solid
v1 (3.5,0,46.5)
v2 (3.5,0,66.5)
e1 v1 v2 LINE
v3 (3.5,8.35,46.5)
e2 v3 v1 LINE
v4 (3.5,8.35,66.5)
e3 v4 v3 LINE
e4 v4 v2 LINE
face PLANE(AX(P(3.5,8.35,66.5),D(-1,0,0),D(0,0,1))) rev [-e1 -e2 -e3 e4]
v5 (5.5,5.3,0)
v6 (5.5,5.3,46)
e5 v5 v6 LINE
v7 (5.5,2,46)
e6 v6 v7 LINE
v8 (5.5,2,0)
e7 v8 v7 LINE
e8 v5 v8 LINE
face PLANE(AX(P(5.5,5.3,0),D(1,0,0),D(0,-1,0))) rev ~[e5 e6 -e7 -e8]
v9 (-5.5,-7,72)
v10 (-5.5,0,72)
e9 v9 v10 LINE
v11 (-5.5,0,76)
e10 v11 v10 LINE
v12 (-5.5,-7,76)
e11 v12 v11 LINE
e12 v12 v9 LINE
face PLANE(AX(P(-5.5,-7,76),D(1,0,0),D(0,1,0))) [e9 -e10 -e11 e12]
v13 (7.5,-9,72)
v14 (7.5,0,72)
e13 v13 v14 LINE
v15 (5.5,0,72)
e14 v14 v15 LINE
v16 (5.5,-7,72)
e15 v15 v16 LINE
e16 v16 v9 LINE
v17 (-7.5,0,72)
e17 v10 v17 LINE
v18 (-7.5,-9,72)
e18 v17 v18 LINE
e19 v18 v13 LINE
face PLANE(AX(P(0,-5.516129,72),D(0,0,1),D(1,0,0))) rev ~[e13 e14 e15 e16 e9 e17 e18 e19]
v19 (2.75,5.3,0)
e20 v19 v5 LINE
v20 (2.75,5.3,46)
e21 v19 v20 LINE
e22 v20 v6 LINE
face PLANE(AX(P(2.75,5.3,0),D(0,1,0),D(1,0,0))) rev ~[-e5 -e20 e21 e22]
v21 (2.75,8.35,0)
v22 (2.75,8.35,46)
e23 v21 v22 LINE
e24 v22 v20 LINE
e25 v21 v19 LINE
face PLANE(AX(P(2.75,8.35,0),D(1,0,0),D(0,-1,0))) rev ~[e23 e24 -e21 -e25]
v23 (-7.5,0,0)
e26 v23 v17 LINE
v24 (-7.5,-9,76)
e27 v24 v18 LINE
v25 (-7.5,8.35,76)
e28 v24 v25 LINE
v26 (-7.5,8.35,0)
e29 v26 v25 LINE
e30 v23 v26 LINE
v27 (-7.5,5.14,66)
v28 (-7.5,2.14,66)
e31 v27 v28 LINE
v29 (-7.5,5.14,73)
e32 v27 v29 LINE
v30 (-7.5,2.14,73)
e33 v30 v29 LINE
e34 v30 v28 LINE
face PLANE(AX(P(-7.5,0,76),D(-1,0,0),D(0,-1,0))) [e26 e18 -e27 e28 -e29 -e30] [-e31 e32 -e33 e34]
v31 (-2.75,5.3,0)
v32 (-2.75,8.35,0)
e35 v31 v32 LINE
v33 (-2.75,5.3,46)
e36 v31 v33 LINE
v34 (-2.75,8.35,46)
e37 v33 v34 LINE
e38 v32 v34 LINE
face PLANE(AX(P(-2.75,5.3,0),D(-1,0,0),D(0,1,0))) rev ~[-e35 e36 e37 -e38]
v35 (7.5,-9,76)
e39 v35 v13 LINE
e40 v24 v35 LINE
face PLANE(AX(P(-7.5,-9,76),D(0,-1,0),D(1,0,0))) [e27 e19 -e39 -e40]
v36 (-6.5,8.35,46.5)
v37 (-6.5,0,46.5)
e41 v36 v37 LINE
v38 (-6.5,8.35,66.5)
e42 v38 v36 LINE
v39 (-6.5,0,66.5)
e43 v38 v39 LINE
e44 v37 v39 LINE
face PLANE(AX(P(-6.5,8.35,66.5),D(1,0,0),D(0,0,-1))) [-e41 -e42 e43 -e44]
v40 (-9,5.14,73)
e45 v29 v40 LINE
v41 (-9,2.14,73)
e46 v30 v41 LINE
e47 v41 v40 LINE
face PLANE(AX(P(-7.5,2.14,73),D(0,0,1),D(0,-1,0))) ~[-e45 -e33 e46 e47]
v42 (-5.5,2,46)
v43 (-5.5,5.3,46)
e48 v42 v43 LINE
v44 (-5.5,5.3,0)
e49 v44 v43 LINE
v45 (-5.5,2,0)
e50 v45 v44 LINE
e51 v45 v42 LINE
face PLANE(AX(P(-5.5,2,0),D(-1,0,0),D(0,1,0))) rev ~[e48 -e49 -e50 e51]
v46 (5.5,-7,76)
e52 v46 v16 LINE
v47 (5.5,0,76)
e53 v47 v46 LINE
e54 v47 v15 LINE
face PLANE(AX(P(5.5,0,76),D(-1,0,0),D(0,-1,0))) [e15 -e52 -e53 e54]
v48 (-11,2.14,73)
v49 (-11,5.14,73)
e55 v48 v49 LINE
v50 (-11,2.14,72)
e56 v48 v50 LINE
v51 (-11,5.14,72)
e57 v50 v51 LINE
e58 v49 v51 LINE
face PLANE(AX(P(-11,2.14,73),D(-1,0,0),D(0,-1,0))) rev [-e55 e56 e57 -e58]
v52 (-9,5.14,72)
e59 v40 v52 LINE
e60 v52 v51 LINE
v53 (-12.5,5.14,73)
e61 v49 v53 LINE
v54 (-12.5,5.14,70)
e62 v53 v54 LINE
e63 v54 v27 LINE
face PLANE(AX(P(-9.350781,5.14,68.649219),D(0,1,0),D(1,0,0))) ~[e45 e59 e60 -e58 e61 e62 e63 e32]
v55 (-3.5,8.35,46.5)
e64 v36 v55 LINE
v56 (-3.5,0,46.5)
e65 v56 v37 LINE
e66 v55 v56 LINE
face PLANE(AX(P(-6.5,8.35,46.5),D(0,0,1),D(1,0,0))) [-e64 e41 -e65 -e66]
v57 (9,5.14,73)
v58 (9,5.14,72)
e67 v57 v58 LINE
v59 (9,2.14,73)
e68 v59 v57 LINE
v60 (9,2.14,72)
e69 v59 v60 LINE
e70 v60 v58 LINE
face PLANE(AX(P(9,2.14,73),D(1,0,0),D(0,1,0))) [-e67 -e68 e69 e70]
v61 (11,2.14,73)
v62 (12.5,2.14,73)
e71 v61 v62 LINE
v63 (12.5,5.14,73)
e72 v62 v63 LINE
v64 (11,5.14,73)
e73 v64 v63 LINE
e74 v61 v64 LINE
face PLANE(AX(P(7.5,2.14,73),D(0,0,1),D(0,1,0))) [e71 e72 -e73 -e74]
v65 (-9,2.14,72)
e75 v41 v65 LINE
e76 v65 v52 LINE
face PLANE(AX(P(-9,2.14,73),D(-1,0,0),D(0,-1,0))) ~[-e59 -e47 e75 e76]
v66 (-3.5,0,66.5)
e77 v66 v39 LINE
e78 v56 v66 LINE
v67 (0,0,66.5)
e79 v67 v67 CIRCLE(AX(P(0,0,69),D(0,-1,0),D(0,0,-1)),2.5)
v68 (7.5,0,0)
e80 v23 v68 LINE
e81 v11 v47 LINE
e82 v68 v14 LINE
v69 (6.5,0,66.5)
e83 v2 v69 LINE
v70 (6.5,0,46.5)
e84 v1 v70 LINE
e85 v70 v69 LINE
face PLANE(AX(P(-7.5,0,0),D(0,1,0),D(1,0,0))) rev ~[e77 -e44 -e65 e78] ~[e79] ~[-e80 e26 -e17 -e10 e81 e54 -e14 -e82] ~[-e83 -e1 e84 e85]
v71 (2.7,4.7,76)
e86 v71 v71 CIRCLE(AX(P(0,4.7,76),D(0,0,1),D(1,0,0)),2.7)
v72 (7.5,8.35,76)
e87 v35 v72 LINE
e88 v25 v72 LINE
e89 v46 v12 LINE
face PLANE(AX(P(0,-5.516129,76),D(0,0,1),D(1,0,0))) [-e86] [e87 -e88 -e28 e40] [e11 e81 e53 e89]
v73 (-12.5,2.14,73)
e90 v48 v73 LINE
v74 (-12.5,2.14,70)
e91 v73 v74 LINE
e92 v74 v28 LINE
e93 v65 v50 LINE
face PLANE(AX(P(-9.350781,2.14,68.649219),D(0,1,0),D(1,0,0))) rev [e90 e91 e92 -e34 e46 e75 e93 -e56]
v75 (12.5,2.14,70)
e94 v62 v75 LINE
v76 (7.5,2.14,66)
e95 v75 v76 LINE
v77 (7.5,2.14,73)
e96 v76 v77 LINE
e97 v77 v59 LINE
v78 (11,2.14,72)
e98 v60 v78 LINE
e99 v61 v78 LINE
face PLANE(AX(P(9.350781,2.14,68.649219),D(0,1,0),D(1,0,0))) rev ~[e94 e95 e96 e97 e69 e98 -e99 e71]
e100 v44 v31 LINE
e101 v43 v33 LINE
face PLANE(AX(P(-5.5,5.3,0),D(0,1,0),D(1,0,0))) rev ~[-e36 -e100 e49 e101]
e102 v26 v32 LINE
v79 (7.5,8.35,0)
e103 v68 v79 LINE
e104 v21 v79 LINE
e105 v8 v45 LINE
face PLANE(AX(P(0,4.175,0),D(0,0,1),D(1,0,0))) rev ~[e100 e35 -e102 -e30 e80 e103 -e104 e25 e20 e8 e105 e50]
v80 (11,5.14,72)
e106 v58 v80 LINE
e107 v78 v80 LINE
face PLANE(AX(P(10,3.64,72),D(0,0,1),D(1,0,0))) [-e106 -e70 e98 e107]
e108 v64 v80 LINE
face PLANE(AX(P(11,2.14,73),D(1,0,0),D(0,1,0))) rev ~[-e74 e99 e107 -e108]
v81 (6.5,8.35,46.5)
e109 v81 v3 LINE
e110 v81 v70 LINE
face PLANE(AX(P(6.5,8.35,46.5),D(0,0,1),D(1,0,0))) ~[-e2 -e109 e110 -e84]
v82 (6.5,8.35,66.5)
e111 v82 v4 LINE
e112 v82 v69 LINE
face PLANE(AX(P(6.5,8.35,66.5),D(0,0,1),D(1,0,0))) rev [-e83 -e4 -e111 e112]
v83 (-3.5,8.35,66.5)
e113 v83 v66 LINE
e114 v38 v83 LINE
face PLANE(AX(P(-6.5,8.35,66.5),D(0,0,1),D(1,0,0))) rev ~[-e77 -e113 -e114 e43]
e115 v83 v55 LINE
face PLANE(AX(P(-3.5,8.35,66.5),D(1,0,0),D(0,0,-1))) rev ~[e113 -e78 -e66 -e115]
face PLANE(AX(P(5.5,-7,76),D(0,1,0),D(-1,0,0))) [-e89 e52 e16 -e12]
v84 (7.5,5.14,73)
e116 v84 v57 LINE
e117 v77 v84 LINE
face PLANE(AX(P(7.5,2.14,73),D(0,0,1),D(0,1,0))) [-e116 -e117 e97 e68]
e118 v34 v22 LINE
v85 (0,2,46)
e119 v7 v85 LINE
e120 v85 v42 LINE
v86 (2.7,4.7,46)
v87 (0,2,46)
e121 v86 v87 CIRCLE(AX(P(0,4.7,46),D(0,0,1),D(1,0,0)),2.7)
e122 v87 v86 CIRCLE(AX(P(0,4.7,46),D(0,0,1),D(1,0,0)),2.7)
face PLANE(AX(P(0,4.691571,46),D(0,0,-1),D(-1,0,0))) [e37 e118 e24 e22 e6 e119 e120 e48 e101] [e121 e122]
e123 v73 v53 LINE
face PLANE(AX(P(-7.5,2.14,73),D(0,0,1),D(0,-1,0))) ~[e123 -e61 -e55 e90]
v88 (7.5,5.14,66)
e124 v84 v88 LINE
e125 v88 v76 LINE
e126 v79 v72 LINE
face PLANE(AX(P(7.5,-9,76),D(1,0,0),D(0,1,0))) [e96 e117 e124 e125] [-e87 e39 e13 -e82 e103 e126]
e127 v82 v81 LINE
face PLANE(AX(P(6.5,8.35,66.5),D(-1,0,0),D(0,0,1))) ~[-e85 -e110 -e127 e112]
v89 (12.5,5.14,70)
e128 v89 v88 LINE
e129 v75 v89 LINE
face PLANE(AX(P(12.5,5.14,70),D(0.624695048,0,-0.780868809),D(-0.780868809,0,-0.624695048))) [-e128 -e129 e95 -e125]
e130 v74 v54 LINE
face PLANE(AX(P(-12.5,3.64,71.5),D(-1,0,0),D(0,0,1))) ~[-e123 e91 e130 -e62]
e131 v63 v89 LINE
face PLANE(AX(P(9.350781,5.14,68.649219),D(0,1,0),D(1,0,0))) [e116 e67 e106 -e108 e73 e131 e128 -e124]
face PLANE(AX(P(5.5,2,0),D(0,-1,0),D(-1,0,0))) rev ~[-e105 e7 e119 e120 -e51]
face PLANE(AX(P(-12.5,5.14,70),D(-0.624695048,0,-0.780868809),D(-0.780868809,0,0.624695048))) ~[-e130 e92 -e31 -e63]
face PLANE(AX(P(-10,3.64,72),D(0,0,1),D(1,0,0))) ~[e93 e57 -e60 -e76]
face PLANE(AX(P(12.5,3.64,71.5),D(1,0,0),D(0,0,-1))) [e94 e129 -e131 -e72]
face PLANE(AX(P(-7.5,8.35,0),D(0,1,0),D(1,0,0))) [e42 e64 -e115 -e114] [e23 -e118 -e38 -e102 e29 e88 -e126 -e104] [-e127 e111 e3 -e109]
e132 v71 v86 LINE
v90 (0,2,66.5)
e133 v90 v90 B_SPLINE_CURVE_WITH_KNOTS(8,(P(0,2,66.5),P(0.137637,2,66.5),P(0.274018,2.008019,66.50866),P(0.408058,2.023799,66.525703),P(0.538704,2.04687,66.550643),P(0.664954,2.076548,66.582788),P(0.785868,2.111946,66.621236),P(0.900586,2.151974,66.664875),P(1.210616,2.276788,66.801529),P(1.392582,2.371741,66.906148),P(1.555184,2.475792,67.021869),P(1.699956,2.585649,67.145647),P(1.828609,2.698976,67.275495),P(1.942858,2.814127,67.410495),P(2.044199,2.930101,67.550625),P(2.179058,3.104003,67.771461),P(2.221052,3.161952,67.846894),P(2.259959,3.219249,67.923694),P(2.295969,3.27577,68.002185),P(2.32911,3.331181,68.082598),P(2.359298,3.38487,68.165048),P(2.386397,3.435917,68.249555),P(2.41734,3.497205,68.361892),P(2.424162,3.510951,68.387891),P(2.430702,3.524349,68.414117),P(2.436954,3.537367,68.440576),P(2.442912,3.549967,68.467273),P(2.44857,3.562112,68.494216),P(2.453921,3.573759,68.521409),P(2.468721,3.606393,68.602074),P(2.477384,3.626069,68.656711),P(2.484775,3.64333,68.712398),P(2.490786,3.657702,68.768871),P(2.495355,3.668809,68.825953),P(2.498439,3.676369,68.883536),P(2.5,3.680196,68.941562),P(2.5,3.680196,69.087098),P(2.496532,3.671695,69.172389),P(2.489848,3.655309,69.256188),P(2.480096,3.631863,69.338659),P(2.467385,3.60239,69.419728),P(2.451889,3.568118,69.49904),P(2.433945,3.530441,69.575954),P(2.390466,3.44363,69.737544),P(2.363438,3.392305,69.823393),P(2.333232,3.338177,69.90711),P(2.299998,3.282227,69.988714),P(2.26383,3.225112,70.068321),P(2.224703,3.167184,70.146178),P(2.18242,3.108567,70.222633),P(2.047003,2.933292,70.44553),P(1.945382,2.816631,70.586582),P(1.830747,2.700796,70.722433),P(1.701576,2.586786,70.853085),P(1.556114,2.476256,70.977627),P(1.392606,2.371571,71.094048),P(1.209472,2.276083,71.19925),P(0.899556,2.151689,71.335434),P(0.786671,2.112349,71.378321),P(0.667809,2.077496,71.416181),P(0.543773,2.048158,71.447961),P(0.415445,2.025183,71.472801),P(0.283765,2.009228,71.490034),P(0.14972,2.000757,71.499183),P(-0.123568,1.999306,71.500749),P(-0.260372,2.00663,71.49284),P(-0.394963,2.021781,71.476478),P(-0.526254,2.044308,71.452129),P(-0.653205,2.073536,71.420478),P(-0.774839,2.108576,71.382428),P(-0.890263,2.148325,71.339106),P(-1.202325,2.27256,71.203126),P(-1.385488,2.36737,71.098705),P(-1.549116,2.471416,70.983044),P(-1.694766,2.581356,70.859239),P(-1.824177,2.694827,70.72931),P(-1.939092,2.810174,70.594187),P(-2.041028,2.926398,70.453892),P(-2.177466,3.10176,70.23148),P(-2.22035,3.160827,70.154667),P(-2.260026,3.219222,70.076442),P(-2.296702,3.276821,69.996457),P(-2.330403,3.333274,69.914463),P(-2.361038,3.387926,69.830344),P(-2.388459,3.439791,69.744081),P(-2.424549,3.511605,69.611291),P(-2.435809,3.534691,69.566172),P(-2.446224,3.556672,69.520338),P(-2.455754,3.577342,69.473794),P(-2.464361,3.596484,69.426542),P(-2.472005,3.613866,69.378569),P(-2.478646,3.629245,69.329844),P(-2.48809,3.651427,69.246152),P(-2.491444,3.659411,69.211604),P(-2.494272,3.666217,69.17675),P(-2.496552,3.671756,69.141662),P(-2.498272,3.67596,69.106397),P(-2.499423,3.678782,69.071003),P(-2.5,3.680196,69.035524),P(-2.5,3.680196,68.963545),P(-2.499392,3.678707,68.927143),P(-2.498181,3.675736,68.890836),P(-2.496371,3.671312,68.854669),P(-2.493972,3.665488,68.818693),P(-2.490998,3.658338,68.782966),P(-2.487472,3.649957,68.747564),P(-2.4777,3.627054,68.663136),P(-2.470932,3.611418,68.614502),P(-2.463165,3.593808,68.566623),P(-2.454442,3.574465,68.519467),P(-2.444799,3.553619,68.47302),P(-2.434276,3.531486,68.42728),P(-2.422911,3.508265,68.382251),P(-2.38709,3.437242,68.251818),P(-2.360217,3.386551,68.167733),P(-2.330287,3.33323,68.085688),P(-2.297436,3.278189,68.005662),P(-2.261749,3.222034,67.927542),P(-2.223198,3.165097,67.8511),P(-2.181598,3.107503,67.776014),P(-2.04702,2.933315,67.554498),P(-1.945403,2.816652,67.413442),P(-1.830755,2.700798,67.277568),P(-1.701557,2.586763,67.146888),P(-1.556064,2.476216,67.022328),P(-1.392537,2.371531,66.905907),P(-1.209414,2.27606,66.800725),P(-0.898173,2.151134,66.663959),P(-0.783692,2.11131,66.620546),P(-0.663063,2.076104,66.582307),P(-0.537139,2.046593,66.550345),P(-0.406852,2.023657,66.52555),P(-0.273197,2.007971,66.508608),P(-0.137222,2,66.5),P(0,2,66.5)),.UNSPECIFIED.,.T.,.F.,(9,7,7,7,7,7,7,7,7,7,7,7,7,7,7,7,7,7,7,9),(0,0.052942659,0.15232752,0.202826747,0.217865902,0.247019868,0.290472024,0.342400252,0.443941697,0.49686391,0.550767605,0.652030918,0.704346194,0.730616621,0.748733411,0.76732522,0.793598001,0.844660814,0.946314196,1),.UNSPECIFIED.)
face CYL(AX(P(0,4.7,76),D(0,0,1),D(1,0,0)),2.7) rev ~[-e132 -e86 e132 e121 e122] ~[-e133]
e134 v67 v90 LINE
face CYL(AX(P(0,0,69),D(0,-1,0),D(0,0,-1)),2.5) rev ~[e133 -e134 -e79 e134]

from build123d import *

# Parameters (mm, degrees)
SKETCH9_W               = 15
SKETCH9_H               = 8.35
BOSS_EXTRUDE4_DEPTH     = 76
CUT_EXTRUDE4_DEPTH      = 46
SKETCH10_R              = 2.7
CUT_EXTRUDE5_DEPTH      = 30
SKETCH12_W              = 3
SKETCH12_H              = 3
BOSS_EXTRUDE5_DEPTH     = 5
SKETCH13_W              = 2
SKETCH13_H              = 3
CUT_EXTRUDE6_DEPTH      = 1
BOSS_EXTRUDE6_DEPTH     = 3
CUT_EXTRUDE7_REACH      = 79.472
SKETCH15_W              = 3
SKETCH15_H              = 20
CUT_EXTRUDE8_REACH      = 79.472
CUT_EXTRUDE8_END_RADIUS = 2.7
SKETCH16_R              = 2.5
BOSS_EXTRUDE8_DEPTH     = 4


with BuildPart() as part:
    # Sketch9 → Boss-Extrude4 (new body)
    with BuildSketch(Plane.XY):
        with Locations((0, 4.175)):
            Rectangle(SKETCH9_W, SKETCH9_H)
    extrude(amount=BOSS_EXTRUDE4_DEPTH)

    # Sketch7 → Cut-Extrude4 (cut)
    with BuildSketch(Plane.XY):
        Polygon((-5.5, 2), (-5.5, 5.3), (-2.75, 5.3), (-2.75, 8.35), (2.75, 8.35), (2.75, 5.3), (5.5, 5.3), (5.5, 2), align=None)
    extrude(amount=CUT_EXTRUDE4_DEPTH, mode=Mode.SUBTRACT)

    # Sketch10 → Cut-Extrude5 (cut)
    with BuildSketch(Plane.XY.offset(76)):
        with Locations((0, 4.7)):
            Circle(SKETCH10_R)
    extrude(amount=-CUT_EXTRUDE5_DEPTH, mode=Mode.SUBTRACT)

    # Sketch12 → Boss-Extrude5 (add)
    with BuildSketch(Plane(origin=(7.5, 0, 0), x_dir=(0, 0, -1), z_dir=(1, 0, 0))):
        with Locations((-71.5, 3.64)):
            Rectangle(SKETCH12_W, SKETCH12_H)
    boss_extrude5 = extrude(amount=BOSS_EXTRUDE5_DEPTH)

    # Sketch13 → Cut-Extrude6 (cut)
    with BuildSketch(Plane.XY.offset(73)):
        with Locations((10, 3.64)):
            Rectangle(SKETCH13_W, SKETCH13_H)
    cut_extrude6 = extrude(amount=-CUT_EXTRUDE6_DEPTH, mode=Mode.SUBTRACT)

    # Mirror2: Boss-Extrude5 across plane
    add(boss_extrude5.mirror(Plane(origin=(0, 0, 0), x_dir=(0, 0, 1), z_dir=(1, 0, 0))))

    # Mirror4: Cut-Extrude6 across plane
    add(cut_extrude6.mirror(Plane(origin=(0, 0, 0), x_dir=(0, 0, 1), z_dir=(1, 0, 0))), mode=Mode.SUBTRACT)

    # Sketch14 → Boss-Extrude6 (add)
    with BuildSketch(Plane(origin=(0, 5.14, 0), x_dir=(1, 0, 0), z_dir=(0, 1, 0))):
        Polygon((12.5, -70), (7.5, -66), (7.5, -70), align=None)
    boss_extrude6 = extrude(amount=-BOSS_EXTRUDE6_DEPTH)

    # Mirror5: Boss-Extrude6 across plane
    add(boss_extrude6.mirror(Plane(origin=(0, 0, 0), x_dir=(0, 0, 1), z_dir=(1, 0, 0))))

    # Sketch15 → Cut-Extrude7 (cut, up to next)
    with BuildSketch(Plane(origin=(0, 8.35, 0), x_dir=(1, 0, 0), z_dir=(0, 1, 0)), mode=Mode.PRIVATE) as cut_extrude7_sk1:
        with Locations((-5, -56.5)):
            Rectangle(SKETCH15_W, SKETCH15_H)
    cut_extrude7_tool1 = extrude(cut_extrude7_sk1.sketch, amount=-CUT_EXTRUDE7_REACH, mode=Mode.PRIVATE) & part.part
    cut_extrude7 = cut_extrude7_tool1.solids().sort_by_distance((-5, 8.35, 56.5))[0]
    add(cut_extrude7, mode=Mode.SUBTRACT)

    # Mirror6: Cut-Extrude7 across plane
    add(cut_extrude7.mirror(Plane(origin=(0, 0, 0), x_dir=(0, 0, 1), z_dir=(1, 0, 0))), mode=Mode.SUBTRACT)

    # Cut-Extrude8: up to this cylinder (the profile starts outside it)
    cut_extrude8_end = Plane(origin=(0, 4.7, 69), z_dir=(0, 0, 1)) * Cylinder(CUT_EXTRUDE8_END_RADIUS, 165.344, mode=Mode.PRIVATE)
    # Sketch16 → Cut-Extrude8 (cut, up to the surface)
    with BuildSketch(Plane.XZ, mode=Mode.PRIVATE) as cut_extrude8_sk1:
        with Locations(Location((0, 69, 0), (0, 0, 270))):
            Circle(SKETCH16_R)
    cut_extrude8_tool1 = extrude(cut_extrude8_sk1.sketch, amount=-CUT_EXTRUDE8_REACH, mode=Mode.PRIVATE) - cut_extrude8_end
    add(cut_extrude8_tool1.solids().sort_by_distance((0, 0, 69))[0], mode=Mode.SUBTRACT)

    # Sketch18 → Boss-Extrude8 (add)
    with BuildSketch(Plane.XY.offset(76)):
        Polygon((-5.5, 0), (-7.5, 0), (-7.5, -9), (7.5, -9), (7.5, 0), (5.5, 0), (5.5, -7), (-5.5, -7), align=None)
    extrude(amount=-BOSS_EXTRUDE8_DEPTH)


solid = part.part
